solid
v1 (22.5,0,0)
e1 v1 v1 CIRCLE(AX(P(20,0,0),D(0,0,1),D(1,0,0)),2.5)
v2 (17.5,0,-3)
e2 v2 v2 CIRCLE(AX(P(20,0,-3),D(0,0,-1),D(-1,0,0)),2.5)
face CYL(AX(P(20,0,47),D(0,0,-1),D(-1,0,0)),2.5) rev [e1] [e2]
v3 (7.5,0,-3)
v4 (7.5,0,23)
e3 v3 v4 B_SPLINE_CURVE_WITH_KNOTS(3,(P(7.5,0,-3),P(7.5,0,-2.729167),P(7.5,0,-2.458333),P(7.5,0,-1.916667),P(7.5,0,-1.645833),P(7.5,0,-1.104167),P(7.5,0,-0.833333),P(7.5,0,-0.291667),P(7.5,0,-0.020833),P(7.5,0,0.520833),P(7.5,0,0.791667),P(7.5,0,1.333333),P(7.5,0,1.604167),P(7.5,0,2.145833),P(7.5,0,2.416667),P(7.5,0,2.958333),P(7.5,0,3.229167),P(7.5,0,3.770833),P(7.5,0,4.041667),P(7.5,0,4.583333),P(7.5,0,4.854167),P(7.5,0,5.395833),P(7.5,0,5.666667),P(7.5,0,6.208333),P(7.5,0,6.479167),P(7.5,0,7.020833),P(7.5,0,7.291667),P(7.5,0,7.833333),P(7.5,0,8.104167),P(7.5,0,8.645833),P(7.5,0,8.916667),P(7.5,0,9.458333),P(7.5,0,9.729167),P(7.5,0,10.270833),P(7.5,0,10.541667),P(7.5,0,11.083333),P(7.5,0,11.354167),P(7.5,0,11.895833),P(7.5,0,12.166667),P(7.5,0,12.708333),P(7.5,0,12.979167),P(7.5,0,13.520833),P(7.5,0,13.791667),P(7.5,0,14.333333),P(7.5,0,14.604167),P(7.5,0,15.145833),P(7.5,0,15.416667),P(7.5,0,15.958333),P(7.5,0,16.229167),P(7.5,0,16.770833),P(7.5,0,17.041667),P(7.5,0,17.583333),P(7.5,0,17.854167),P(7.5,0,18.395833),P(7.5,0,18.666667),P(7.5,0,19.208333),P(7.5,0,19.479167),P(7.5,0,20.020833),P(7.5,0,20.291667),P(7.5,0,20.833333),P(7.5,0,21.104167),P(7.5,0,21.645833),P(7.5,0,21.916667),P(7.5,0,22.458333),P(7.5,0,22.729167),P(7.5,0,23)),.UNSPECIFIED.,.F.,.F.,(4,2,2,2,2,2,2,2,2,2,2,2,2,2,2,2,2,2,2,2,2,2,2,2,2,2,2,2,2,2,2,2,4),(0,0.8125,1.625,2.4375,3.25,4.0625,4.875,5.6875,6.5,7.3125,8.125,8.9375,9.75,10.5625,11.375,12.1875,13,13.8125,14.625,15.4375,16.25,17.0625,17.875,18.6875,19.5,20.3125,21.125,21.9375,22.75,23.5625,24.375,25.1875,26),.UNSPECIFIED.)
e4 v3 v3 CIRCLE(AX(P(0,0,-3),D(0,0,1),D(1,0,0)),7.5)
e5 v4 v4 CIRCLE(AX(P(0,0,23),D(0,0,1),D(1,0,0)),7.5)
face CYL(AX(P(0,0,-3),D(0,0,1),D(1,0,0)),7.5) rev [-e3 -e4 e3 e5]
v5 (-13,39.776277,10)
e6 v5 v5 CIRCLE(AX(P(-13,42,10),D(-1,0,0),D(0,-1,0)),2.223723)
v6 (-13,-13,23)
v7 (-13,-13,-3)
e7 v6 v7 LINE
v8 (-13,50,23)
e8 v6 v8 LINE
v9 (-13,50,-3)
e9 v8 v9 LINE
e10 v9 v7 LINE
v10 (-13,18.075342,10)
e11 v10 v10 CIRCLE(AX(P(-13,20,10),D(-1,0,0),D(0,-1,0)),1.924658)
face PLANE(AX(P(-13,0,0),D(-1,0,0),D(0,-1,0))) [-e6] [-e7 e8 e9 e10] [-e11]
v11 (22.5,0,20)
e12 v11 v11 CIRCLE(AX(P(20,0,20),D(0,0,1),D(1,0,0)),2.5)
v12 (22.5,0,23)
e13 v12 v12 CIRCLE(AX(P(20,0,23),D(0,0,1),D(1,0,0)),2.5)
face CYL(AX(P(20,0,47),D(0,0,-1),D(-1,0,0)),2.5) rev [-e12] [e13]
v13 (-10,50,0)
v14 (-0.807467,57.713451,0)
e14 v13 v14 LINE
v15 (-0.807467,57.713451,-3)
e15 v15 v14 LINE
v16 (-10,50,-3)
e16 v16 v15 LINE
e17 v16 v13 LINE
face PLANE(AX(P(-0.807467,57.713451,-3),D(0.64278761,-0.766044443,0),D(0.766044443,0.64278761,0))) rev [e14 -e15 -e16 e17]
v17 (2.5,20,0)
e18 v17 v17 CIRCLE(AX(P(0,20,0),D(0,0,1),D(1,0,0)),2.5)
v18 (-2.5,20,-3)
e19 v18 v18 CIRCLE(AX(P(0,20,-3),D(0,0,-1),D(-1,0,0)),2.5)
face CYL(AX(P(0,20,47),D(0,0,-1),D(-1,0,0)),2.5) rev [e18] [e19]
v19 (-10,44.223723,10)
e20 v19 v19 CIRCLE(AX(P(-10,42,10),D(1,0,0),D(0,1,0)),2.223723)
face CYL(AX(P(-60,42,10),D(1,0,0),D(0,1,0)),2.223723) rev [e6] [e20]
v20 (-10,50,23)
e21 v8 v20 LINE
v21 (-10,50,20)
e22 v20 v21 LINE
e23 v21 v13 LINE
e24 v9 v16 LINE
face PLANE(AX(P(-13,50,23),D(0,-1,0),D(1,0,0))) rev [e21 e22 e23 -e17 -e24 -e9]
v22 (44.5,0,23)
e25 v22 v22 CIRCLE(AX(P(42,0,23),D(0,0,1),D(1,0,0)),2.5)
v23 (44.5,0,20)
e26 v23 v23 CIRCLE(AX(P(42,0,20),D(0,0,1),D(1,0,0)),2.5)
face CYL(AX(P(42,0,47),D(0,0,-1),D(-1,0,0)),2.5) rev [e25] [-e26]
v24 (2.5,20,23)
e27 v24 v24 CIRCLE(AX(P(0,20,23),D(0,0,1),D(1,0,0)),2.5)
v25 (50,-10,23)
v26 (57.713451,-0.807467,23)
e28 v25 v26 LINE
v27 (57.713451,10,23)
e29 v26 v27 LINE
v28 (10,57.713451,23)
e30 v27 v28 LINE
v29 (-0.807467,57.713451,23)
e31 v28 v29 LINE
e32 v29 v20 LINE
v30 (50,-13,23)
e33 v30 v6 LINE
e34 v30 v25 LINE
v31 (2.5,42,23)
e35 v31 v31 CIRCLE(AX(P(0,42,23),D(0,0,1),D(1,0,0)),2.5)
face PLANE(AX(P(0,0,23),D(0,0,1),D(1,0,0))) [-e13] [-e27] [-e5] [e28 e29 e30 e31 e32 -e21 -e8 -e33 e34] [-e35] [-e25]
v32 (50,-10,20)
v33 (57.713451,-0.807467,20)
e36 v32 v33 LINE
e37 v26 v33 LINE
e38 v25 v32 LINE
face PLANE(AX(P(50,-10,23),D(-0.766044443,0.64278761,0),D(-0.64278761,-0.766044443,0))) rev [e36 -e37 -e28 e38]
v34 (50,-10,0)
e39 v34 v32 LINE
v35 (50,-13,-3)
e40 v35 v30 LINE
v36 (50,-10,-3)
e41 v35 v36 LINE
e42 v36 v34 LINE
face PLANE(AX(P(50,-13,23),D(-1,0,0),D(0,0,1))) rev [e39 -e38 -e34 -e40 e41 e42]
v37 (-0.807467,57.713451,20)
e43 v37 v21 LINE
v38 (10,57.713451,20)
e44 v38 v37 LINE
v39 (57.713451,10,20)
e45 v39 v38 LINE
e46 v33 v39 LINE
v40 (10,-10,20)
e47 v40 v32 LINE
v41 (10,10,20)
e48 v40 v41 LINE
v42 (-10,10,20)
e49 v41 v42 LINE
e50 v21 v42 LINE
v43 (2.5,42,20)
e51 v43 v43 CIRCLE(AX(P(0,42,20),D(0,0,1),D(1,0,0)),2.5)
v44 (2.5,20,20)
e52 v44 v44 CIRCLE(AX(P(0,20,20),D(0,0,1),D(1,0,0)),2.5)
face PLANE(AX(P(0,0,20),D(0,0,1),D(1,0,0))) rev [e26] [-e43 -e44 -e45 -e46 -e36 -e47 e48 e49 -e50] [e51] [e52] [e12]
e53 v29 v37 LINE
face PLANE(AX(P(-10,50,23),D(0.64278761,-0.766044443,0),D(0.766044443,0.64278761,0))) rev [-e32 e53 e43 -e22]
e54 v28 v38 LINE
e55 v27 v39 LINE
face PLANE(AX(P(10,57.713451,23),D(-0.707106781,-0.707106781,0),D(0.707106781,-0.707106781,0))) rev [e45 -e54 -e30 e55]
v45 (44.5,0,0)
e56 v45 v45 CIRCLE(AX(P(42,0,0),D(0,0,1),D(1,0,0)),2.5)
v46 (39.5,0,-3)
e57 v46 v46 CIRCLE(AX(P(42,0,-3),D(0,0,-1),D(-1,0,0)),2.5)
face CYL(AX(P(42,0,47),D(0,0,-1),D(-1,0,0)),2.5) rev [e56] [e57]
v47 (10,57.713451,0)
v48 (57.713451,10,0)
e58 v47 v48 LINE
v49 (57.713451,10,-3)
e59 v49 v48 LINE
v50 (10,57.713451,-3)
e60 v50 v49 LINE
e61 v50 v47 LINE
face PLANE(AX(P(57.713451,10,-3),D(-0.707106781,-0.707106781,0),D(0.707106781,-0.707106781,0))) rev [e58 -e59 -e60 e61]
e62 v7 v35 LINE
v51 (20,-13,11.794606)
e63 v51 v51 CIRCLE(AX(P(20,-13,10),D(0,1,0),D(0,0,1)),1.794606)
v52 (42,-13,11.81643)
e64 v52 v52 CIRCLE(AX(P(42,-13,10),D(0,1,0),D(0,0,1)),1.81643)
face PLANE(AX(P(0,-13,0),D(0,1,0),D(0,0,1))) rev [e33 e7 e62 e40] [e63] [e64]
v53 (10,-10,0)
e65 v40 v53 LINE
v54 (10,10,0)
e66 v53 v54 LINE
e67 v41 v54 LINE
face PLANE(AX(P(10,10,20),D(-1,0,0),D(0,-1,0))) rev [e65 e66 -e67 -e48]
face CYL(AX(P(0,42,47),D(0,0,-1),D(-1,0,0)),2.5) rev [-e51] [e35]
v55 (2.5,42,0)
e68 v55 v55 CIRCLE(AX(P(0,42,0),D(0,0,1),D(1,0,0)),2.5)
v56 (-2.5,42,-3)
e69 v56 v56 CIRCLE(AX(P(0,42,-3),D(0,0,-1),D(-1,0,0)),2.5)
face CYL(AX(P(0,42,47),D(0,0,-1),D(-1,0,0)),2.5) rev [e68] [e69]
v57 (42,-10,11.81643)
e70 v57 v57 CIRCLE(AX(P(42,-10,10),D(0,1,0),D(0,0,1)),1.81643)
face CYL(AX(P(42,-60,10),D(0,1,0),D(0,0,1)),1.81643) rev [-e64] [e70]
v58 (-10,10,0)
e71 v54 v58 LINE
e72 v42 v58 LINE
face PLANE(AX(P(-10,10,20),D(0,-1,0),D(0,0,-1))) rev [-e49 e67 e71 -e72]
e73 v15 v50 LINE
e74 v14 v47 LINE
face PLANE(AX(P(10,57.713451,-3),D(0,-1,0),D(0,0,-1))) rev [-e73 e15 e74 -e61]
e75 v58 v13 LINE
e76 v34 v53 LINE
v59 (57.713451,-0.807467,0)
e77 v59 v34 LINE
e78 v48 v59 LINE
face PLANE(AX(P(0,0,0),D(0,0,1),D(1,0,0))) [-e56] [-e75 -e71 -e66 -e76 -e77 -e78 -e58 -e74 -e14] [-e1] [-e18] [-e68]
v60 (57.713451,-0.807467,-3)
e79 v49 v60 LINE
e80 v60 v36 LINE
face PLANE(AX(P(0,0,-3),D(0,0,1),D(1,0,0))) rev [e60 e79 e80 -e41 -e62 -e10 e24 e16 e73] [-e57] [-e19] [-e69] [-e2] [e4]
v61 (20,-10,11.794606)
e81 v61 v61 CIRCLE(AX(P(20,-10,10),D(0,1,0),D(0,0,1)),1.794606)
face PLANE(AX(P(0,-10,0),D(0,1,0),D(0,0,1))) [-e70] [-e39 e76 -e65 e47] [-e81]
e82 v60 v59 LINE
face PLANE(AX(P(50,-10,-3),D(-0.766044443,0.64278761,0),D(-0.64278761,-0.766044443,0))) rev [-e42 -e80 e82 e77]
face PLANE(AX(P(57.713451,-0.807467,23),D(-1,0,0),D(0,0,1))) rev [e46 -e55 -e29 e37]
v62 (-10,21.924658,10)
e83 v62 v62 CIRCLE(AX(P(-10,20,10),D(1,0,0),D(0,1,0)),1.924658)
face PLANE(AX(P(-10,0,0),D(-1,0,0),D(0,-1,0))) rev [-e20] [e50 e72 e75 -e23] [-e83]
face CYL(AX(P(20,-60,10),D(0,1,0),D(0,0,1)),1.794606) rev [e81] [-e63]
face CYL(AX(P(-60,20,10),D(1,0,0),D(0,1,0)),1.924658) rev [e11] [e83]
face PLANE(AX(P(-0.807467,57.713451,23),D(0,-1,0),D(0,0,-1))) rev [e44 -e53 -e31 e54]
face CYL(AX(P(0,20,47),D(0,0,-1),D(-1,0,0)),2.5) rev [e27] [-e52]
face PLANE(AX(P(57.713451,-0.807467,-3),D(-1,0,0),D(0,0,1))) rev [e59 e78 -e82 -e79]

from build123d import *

# Parameters (mm, degrees)
IZIM1_W                     = 20
IZIM1_H                     = 20
Y_KSEKLIK_EKSTR_ZYON1_DEPTH = 20
Y_KSEKLIK_EKSTR_ZYON2_DEPTH = 3
Y_KSEKLIK_EKSTR_ZYON3_DEPTH = 3
IZIM4_W                     = 26
IZIM4_H                     = 60
Y_KSEKLIK_EKSTR_ZYON4_DEPTH = 3
IZIM5_W                     = 63
IZIM5_H                     = 26
Y_KSEKLIK_EKSTR_ZYON5_DEPTH = 3
IZIM6_R                     = 7.5
KES_EKSTR_ZYON1_DEPTH       = 86.660287915
IZIM7_R                     = 2.5
KES_EKSTR_ZYON2_DEPTH       = 50
IZIM8_R                     = 1.924658324
IZIM8_R_2                   = 2.223723329
KES_EKSTR_ZYON3_DEPTH       = 50
IZIM9_R                     = 1.794605822
IZIM9_R_2                   = 1.816429962
KES_EKSTR_ZYON4_DEPTH       = 50


with BuildPart() as part:
    # Çizim1 → Yükseklik-Ekstrüzyon1 (new body)
    with BuildSketch(Plane.XY):
        Rectangle(IZIM1_W, IZIM1_H)
    extrude(amount=Y_KSEKLIK_EKSTR_ZYON1_DEPTH)

    # Çizim2 → Yükseklik-Ekstrüzyon2 (add)
    with BuildSketch(Plane.XY.offset(20)):
        Polygon((-10, -10), (-10, 10), (-10, 50), (-0.807466683, 57.713451316), (10, 57.713451316), (57.713451316, 10), (57.713451316, -0.807466683), (50, -10), (10, -10), align=None)
    extrude(amount=Y_KSEKLIK_EKSTR_ZYON2_DEPTH)

    # Çizim3 → Yükseklik-Ekstrüzyon3 (add)
    with BuildSketch(Plane(origin=(0, 0, 0), x_dir=(-1, 0, 0), z_dir=(0, 0, -1))):
        Polygon((10, -10), (-50, -10), (-57.713451316, -0.807466683), (-57.713451316, 10), (-10, 57.713451316), (0.807466683, 57.713451316), (10, 50), align=None)
    extrude(amount=Y_KSEKLIK_EKSTR_ZYON3_DEPTH)

    # Çizim4 → Yükseklik-Ekstrüzyon4 (add)
    with BuildSketch(Plane.ZY.offset(10)):
        with Locations((10, 20)):
            Rectangle(IZIM4_W, IZIM4_H)
    extrude(amount=Y_KSEKLIK_EKSTR_ZYON4_DEPTH)

    # Çizim5 → Yükseklik-Ekstrüzyon5 (add)
    with BuildSketch(Plane.XZ.offset(10)):
        with Locations((18.5, 10)):
            Rectangle(IZIM5_W, IZIM5_H)
    extrude(amount=Y_KSEKLIK_EKSTR_ZYON5_DEPTH)

    # Çizim6 → Kes-Ekstrüzyon1 (cut, through all)
    with BuildSketch(Plane.XY.offset(23)):
        Circle(IZIM6_R)
    extrude(amount=-KES_EKSTR_ZYON1_DEPTH, mode=Mode.SUBTRACT)

    # Çizim7 → Kes-Ekstrüzyon2 (cut)
    with BuildSketch(Plane(origin=(0, 0, -3), x_dir=(-1, 0, 0), z_dir=(0, 0, -1))):
        with Locations((-20, 0)):
            Circle(IZIM7_R)
        with Locations((-42, 0)):
            Circle(IZIM7_R)
        with Locations((0, 20)):
            Circle(IZIM7_R)
        with Locations((0, 42)):
            Circle(IZIM7_R)
    extrude(amount=-KES_EKSTR_ZYON2_DEPTH, mode=Mode.SUBTRACT)

    # Çizim8 → Kes-Ekstrüzyon3 (cut)
    with BuildSketch(Plane(origin=(-10, 0, 0), x_dir=(0, 0, -1), z_dir=(1, 0, 0))):
        with Locations(Location((-10, 20, 0), (0, 0, 90))):
            Circle(IZIM8_R)
        with Locations(Location((-10, 42, 0), (0, 0, 90))):
            Circle(IZIM8_R_2)
    extrude(amount=-KES_EKSTR_ZYON3_DEPTH, mode=Mode.SUBTRACT)

    # Çizim9 → Kes-Ekstrüzyon4 (cut)
    with BuildSketch(Plane(origin=(0, -10, 0), x_dir=(1, 0, 0), z_dir=(0, 1, 0))):
        with Locations(Location((20, -10, 0), (0, 0, 270))):
            Circle(IZIM9_R)
        with Locations(Location((42, -10, 0), (0, 0, 270))):
            Circle(IZIM9_R_2)
    extrude(amount=-KES_EKSTR_ZYON4_DEPTH, mode=Mode.SUBTRACT)


solid = part.part
